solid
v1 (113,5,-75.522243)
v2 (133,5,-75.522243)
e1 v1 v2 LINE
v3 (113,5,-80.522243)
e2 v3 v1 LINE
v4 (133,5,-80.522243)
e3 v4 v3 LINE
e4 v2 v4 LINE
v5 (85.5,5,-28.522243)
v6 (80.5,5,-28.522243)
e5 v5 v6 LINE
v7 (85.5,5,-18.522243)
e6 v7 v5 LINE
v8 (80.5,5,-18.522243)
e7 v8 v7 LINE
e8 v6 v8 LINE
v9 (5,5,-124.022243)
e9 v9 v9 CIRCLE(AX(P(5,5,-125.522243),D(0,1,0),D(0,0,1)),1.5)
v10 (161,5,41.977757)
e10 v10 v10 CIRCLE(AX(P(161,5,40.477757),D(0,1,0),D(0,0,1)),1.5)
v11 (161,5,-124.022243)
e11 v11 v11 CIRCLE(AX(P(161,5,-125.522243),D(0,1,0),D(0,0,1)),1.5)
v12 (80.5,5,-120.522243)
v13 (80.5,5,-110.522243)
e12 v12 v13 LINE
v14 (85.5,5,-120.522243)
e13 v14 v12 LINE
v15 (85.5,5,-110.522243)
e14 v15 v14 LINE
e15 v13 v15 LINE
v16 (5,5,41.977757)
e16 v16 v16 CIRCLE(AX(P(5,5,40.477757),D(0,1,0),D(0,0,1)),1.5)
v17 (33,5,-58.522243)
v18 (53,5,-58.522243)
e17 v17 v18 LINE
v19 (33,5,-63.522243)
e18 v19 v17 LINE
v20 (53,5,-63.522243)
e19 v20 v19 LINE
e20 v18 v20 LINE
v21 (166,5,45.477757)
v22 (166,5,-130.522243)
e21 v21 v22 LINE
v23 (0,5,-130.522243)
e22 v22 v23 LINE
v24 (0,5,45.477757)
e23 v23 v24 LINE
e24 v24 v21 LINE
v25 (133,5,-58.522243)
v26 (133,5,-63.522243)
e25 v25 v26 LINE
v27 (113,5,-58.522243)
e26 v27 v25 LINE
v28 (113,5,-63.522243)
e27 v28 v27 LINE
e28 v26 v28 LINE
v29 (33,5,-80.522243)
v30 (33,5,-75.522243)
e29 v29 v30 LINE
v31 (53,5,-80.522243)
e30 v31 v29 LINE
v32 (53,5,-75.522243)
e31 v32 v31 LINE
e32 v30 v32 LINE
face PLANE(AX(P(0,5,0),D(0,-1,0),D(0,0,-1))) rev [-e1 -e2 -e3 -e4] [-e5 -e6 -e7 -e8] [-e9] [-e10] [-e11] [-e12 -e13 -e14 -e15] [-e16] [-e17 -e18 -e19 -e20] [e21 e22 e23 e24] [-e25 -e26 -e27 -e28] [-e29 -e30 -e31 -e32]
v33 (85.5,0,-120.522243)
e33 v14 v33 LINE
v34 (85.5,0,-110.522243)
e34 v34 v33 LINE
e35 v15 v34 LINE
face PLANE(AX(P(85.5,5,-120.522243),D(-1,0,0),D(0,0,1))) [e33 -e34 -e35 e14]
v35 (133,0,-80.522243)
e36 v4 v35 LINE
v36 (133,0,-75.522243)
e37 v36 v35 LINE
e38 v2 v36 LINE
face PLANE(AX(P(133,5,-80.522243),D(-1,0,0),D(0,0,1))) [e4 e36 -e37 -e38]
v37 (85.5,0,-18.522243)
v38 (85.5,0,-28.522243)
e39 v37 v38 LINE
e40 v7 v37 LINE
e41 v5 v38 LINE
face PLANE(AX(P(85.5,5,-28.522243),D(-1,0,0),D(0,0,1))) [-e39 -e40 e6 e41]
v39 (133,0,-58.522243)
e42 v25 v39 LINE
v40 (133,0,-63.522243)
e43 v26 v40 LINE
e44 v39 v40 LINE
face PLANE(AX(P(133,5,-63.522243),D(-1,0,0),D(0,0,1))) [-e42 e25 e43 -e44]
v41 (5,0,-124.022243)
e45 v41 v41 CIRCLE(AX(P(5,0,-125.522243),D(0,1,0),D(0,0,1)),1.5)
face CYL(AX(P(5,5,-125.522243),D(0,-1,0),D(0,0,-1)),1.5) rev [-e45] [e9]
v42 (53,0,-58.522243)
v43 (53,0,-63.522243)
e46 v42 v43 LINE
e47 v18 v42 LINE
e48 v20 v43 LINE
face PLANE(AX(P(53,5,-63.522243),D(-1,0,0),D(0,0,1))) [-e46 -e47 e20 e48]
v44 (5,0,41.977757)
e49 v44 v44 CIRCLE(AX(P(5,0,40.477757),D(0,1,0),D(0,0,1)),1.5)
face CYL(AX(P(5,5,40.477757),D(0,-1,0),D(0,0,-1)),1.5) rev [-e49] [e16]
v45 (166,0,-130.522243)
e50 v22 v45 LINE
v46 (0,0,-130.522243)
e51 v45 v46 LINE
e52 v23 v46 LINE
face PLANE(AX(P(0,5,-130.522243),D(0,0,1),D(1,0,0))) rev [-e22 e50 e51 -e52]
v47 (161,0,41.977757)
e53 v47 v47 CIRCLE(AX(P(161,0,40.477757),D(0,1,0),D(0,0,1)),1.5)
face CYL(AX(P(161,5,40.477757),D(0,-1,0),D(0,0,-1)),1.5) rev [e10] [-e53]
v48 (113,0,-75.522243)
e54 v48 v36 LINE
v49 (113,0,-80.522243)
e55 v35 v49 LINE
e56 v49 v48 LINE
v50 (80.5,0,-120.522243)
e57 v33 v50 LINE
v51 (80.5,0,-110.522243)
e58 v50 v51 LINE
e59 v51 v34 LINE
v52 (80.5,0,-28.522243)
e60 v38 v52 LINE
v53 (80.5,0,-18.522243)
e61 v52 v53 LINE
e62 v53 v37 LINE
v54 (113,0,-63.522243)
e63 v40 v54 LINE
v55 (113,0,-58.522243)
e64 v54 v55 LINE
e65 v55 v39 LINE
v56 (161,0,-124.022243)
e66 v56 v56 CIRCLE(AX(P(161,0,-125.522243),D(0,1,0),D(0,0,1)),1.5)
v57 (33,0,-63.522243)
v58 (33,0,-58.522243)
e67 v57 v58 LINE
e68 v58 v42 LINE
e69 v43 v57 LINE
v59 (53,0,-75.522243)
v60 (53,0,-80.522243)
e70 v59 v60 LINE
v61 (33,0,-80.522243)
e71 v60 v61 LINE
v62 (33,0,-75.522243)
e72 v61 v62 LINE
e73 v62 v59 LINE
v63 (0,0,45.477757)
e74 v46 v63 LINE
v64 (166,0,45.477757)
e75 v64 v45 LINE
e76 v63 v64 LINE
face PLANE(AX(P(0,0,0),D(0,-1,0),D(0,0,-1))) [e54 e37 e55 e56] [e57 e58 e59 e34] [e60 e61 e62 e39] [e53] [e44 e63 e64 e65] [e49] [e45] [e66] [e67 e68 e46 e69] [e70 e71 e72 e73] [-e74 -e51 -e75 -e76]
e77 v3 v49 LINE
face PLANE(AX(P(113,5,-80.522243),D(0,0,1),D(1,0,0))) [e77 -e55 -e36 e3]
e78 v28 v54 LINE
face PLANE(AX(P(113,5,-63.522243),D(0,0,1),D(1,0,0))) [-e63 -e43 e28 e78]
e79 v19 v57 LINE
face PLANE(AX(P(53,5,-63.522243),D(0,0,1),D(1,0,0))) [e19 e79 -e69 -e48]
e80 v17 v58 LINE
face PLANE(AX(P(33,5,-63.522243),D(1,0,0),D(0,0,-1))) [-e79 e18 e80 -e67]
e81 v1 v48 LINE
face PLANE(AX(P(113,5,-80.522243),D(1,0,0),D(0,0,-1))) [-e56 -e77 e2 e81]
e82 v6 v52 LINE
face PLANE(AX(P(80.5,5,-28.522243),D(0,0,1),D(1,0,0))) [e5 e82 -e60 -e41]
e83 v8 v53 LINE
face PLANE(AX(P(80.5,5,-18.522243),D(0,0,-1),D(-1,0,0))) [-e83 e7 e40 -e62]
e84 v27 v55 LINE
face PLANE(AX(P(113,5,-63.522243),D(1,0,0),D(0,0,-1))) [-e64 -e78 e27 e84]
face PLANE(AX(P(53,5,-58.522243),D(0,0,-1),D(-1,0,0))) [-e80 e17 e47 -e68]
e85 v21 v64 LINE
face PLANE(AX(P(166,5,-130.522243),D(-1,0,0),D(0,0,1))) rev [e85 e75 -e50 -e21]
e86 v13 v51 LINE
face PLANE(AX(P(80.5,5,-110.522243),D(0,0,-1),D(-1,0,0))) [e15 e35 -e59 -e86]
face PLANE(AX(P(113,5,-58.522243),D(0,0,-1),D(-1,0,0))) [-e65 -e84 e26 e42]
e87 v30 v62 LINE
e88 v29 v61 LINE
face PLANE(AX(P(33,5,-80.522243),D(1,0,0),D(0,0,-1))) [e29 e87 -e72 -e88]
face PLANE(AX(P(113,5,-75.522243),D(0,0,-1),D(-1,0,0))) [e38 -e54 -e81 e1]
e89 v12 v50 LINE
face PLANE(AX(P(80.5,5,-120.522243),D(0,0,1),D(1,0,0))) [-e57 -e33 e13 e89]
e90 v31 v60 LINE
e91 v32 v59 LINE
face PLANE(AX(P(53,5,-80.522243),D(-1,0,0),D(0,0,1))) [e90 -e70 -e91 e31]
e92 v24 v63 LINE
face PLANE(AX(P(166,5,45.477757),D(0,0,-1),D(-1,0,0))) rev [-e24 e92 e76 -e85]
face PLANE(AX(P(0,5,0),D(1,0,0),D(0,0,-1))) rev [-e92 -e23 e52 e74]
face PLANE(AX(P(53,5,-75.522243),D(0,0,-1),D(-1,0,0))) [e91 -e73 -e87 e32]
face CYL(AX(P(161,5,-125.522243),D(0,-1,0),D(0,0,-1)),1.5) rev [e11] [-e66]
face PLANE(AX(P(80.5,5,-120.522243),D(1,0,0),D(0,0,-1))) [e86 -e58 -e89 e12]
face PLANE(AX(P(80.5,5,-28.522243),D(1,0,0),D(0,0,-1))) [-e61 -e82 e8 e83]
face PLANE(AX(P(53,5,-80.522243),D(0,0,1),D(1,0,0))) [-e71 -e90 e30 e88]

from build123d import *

# Parameters (mm, degrees)
SKETCH_1_R      = 1.5
SKETCH_1_W      = 5
SKETCH_1_H      = 10
SKETCH_1_W_2    = 20
SKETCH_1_H_2    = 5
EXTRUDE_1_DEPTH = 5


with BuildPart() as part:
    # 草图1 → 凸台-拉伸1 (new body)
    with BuildSketch(Plane(origin=(0, 0, 0), x_dir=(1, 0, 0), z_dir=(0, 1, 0))):
        Polygon((0, 0), (0, 116), (0, 130.522242689), (166, 130.522242689), (166, 116), (166, 0), (166, -45.477757311), (0, -45.477757311), align=None)
        with Locations(Location((5, 125.522242689, 0), (0, 0, 270))):
            Circle(SKETCH_1_R, mode=Mode.SUBTRACT)
        with Locations(Location((161, 125.522242689, 0), (0, 0, 270))):
            Circle(SKETCH_1_R, mode=Mode.SUBTRACT)
        with Locations(Location((5, -40.477757311, 0), (0, 0, 270))):
            Circle(SKETCH_1_R, mode=Mode.SUBTRACT)
        with Locations(Location((161, -40.477757311, 0), (0, 0, 270))):
            Circle(SKETCH_1_R, mode=Mode.SUBTRACT)
        with Locations((83, 115.522242689)):
            Rectangle(SKETCH_1_W, SKETCH_1_H, mode=Mode.SUBTRACT)
        with Locations((43, 78.022242689)):
            Rectangle(SKETCH_1_W_2, SKETCH_1_H_2, mode=Mode.SUBTRACT)
        with Locations((43, 61.022242689)):
            Rectangle(SKETCH_1_W_2, SKETCH_1_H_2, mode=Mode.SUBTRACT)
        with Locations((123, 78.022242689)):
            Rectangle(SKETCH_1_W_2, SKETCH_1_H_2, mode=Mode.SUBTRACT)
        with Locations((123, 61.022242689)):
            Rectangle(SKETCH_1_W_2, SKETCH_1_H_2, mode=Mode.SUBTRACT)
        with Locations((83, 23.522242689)):
            Rectangle(SKETCH_1_W, SKETCH_1_H, mode=Mode.SUBTRACT)
    extrude(amount=EXTRUDE_1_DEPTH)


solid = part.part
